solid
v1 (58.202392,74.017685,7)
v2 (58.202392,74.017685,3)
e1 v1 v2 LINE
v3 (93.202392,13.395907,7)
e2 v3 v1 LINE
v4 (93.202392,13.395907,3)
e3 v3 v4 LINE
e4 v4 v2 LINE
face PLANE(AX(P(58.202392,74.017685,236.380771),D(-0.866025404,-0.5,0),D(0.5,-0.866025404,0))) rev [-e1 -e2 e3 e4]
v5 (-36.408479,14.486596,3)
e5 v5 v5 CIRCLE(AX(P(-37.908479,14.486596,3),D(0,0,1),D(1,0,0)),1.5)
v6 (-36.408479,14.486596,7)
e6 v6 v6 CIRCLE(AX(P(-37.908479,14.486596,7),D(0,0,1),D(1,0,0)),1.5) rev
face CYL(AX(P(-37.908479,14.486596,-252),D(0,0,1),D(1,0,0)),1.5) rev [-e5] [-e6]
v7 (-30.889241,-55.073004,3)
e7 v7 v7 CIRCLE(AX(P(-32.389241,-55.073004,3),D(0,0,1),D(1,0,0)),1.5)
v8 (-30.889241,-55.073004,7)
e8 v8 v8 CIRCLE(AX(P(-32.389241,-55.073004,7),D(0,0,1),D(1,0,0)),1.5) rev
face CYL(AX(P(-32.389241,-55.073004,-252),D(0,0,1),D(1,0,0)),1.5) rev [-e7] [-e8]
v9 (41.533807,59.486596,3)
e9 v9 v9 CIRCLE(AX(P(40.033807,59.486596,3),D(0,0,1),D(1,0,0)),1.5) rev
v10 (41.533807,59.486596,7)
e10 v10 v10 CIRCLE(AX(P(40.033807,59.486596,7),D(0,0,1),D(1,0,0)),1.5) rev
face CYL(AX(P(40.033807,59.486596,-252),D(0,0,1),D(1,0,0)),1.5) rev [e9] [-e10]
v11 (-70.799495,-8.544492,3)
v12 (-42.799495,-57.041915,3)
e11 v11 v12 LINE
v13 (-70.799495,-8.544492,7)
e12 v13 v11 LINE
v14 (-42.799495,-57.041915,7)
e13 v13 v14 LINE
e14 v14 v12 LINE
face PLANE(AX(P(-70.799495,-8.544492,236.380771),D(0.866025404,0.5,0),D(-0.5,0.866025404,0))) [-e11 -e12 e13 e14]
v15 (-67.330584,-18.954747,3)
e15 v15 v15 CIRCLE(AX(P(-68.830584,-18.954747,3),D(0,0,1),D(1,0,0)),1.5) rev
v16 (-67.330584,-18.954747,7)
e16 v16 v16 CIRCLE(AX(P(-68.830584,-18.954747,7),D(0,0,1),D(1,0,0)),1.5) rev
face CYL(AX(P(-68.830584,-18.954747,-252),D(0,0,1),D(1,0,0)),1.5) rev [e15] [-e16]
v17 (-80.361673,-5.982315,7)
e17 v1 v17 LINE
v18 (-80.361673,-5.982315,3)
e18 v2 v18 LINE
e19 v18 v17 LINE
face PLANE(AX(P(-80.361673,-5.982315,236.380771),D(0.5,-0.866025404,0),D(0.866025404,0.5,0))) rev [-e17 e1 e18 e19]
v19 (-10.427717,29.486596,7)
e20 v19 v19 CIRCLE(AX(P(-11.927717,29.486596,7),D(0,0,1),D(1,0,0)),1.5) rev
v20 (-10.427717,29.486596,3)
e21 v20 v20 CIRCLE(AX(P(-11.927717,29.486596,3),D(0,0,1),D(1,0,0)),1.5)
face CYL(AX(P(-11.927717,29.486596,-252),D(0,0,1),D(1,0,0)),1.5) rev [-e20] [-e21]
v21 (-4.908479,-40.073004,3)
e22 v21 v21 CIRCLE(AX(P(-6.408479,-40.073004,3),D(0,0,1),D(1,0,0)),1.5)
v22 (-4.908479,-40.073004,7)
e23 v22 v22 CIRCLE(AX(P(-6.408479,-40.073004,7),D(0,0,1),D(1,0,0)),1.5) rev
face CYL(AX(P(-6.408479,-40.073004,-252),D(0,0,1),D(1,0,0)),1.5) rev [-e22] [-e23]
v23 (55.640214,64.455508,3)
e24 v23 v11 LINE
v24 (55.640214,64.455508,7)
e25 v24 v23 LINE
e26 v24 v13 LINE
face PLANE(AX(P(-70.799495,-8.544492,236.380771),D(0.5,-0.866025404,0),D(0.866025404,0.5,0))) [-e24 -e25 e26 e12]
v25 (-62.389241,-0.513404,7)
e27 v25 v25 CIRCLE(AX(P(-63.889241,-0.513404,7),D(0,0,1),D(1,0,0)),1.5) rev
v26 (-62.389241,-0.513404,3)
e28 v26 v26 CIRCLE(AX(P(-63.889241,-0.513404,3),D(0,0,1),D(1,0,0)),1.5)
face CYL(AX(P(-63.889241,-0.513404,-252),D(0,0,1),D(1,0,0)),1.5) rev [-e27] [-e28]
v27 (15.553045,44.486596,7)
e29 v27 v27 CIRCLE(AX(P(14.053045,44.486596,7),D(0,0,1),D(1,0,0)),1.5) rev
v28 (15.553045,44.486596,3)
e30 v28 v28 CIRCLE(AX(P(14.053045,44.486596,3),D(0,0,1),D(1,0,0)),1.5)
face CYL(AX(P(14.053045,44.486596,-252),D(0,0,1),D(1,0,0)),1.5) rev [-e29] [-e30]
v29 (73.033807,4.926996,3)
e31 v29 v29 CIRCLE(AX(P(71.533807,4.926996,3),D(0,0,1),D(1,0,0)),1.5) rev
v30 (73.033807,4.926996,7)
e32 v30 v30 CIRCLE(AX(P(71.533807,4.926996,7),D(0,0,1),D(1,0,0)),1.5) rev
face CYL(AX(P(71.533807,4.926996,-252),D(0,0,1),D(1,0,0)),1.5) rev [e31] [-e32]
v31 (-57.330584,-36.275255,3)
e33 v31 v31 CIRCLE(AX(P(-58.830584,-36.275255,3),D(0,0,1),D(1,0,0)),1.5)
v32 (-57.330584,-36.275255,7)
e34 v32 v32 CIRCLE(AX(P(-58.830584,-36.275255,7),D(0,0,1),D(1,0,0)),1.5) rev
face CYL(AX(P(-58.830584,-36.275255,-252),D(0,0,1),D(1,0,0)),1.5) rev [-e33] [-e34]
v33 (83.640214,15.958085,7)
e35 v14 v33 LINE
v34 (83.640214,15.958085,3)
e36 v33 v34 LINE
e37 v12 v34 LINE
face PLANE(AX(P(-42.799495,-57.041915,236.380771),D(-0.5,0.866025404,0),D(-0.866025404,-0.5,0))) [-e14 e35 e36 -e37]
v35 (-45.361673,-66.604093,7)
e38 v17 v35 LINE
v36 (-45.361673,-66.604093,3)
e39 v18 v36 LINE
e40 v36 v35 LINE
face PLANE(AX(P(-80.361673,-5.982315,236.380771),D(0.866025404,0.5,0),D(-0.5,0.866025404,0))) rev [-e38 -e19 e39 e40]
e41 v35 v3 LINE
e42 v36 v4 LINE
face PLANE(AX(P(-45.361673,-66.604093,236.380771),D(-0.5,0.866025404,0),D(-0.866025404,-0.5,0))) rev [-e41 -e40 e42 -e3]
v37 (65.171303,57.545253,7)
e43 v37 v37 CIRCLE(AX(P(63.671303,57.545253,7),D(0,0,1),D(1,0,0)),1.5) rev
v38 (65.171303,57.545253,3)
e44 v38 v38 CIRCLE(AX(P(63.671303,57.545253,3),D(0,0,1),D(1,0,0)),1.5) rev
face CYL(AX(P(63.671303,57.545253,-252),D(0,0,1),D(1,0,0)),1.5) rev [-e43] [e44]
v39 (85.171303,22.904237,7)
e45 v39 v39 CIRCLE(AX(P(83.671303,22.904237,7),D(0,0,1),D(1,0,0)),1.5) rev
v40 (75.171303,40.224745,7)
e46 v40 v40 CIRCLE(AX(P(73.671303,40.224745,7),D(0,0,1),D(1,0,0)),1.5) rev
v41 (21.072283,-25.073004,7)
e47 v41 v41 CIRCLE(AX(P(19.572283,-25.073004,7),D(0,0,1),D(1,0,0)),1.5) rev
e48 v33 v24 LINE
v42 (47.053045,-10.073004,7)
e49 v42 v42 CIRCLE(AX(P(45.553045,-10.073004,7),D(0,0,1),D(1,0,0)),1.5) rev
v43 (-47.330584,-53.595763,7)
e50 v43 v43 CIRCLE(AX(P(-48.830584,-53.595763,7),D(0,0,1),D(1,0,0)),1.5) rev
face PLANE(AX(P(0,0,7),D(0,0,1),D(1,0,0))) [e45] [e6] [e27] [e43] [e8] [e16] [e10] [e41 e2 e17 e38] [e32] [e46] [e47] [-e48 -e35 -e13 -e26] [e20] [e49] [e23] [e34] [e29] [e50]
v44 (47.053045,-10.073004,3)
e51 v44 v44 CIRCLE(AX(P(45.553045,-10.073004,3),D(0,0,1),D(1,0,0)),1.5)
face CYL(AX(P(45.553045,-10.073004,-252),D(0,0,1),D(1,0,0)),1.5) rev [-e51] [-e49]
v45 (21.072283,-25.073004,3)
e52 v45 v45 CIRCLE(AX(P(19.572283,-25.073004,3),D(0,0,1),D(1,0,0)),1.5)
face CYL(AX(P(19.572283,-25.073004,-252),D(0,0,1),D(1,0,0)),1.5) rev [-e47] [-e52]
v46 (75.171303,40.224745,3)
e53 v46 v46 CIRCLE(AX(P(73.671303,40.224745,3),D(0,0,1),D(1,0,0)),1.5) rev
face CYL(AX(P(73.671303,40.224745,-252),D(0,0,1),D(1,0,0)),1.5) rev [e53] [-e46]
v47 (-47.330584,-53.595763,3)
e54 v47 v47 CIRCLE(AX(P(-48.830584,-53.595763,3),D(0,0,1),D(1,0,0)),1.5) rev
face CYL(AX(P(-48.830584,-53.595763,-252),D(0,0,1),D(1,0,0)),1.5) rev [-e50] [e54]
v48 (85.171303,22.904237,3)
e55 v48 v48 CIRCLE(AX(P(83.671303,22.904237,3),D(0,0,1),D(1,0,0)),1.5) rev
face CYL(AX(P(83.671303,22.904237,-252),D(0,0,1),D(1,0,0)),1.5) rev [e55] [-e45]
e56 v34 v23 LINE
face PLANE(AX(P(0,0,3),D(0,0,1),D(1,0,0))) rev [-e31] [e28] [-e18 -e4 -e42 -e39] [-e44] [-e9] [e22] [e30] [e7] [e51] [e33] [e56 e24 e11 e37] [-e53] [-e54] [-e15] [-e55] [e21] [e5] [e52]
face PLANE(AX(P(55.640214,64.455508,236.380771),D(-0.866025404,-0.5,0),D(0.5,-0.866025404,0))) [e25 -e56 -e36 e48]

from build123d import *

# Parameters (mm, degrees)
SKETCH_1_R           = 1.5
SKETCH_1_R_2         = 69.25
EXTRUDE_1_DEPTH      = 3
SKETCH_2_R           = 1.5
CUT_EXTRUDE_1_DEPTH  = 10
EXTRUDE_4_DEPTH      = 30
SKETCH_21_R          = 1.5
CUT_EXTRUDE_16_DEPTH = 264.511765735
SKETCH_22_R          = 1.5
CUT_EXTRUDE_17_DEPTH = 15
EXTRUDE_5_DEPTH      = 13
SKETCH_25_R          = 1.5
CUT_EXTRUDE_18_DEPTH = 8
SKETCH_26_R          = 1.5
CUT_EXTRUDE_19_DEPTH = 265
EXTRUDE_6_DEPTH      = 10
CUT_EXTRUDE_20_DEPTH = 265
EXTRUDE_8_DEPTH      = 10
SKETCH_31_R          = 1.5
CUT_EXTRUDE_22_DEPTH = 265
SKETCH_32_W          = 406.044805538
SKETCH_32_H          = 345.897022528
CUT_EXTRUDE_23_DEPTH = 265
CUT_EXTRUDE_24_DEPTH = 79
SKETCH_34_W          = 228.886402988
SKETCH_34_H          = 166.453973012
CUT_EXTRUDE_25_DEPTH = 6


with BuildPart() as part:
    # Sketch 1 → Extrude 1 (new body)
    with BuildSketch(Plane.XY):
        with BuildLine():
            Line((-22.769302312, -105.521905889), (96.897661611, -36.432152055))
            Line((96.897661611, -36.432152055), (159.096032483, -0.521905889))
            ThreePointArc((159.096032483, -0.521905889), (163.755290746, 5.550157697), (162.756286521, 13.138348148))
            Line((162.756286521, 13.138348148), (92.756286521, 134.381904678))
            ThreePointArc((92.756286521, 134.381904678), (86.684222934, 139.041162941), (79.096032483, 138.042158716))
            Line((79.096032483, 138.042158716), (16.897661611, 102.13191255))
            Line((16.897661611, 102.13191255), (-102.769302312, 33.042158716))
            ThreePointArc((-102.769302312, 33.042158716), (-133.627927222, -77.150119753), (-22.769302312, -105.521905889))
        make_face()
        with Locations((0, 74.563800918)):
            Circle(SKETCH_1_R, mode=Mode.SUBTRACT)
        with Locations((64.574145798, -37.281900459)):
            Circle(SKETCH_1_R, mode=Mode.SUBTRACT)
        with Locations((-64.574145798, -37.281900459)):
            Circle(SKETCH_1_R, mode=Mode.SUBTRACT)
        Circle(SKETCH_1_R_2, mode=Mode.SUBTRACT)
    extrude(amount=EXTRUDE_1_DEPTH)

    # Sketch 2 → Cut-Extrude 1 (cut)
    with BuildSketch(Plane(origin=(0, 0, 0), x_dir=(-1, 0, 0), z_dir=(0, 0, -1))):
        with Locations((-109.955016331, 4.59283082)):
            Circle(SKETCH_2_R)
        with Locations((-130.739626022, 16.59283082)):
            Circle(SKETCH_2_R)
        with Locations((-58.955016331, 92.927422006)):
            Circle(SKETCH_2_R)
        with Locations((-79.739626022, 104.927422006)):
            Circle(SKETCH_2_R)
    extrude(amount=-CUT_EXTRUDE_1_DEPTH, mode=Mode.SUBTRACT)

    # Sketch 20 → Extrude 4 (add)
    with BuildSketch(Plane(origin=(0, 0, 0), x_dir=(-1, 0, 0), z_dir=(0, 0, -1))):
        with BuildLine():
            Line((-92.756286521, 134.381904678), (-162.756286521, 13.138348148))
            ThreePointArc((-162.756286521, 13.138348148), (-163.755290746, 5.550157697), (-159.096032483, -0.521905889))
            Line((-159.096032483, -0.521905889), (22.769302312, -105.521905889))
            ThreePointArc((22.769302312, -105.521905889), (133.627927222, -77.150119753), (102.769302312, 33.042158716))
            Line((102.769302312, 33.042158716), (-79.096032483, 138.042158716))
            ThreePointArc((-79.096032483, 138.042158716), (-86.684222934, 139.041162941), (-92.756286521, 134.381904678))
        make_face()
        with BuildLine():
            Line((-89.292184905, 132.381904678), (-159.292184905, 11.138348148))
            ThreePointArc((-159.292184905, 11.138348148), (-159.89158744, 6.585433878), (-157.096032483, 2.942195726))
            Line((-157.096032483, 2.942195726), (24.808773358, -102.080592893))
            ThreePointArc((24.808773358, -102.080592893), (130.163825607, -75.150119753), (100.808773358, 29.555268482))
            Line((100.808773358, 29.555268482), (-81.096032483, 134.578057101))
            ThreePointArc((-81.096032483, 134.578057101), (-85.648946753, 135.177459636), (-89.292184905, 132.381904678))
        make_face(mode=Mode.SUBTRACT)
    extrude(amount=EXTRUDE_4_DEPTH)

    # Sketch 21 → Cut-Extrude 16 (cut, through all)
    with BuildSketch(Plane(origin=(-40, 69.282032303, 0), x_dir=(0.866025404, 0.5, 0), z_dir=(-0.5, 0.866025404, 0))):
        with Locations((-62.479747173, 25)):
            Circle(SKETCH_21_R)
        with Locations((-32.479747173, 25)):
            Circle(SKETCH_21_R)
        with Locations((-2.479747173, 25)):
            Circle(SKETCH_21_R)
        with Locations((27.520252827, 25)):
            Circle(SKETCH_21_R)
        with Locations((57.520252827, 25)):
            Circle(SKETCH_21_R)
        with Locations((87.520252827, 25)):
            Circle(SKETCH_21_R)
        with Locations((117.520252827, 25)):
            Circle(SKETCH_21_R)
    extrude(amount=-CUT_EXTRUDE_16_DEPTH, mode=Mode.SUBTRACT)

    # Sketch 22 → Cut-Extrude 17 (cut)
    with BuildSketch(Plane(origin=(127.756286521, 73.760126413, 0), x_dir=(0, 0, -1), z_dir=(0.866025404, 0.5, 0))):
        with Locations((25, 60)):
            Circle(SKETCH_22_R)
        with Locations((25, 30)):
            Circle(SKETCH_22_R)
        with Locations((25, 0)):
            Circle(SKETCH_22_R)
        with Locations((25, -30)):
            Circle(SKETCH_22_R)
        with Locations((25, -60)):
            Circle(SKETCH_22_R)
    extrude(amount=-CUT_EXTRUDE_17_DEPTH, mode=Mode.SUBTRACT)

    # Sketch 23 → Extrude 5 (add)
    with BuildSketch(Plane(origin=(0, 0, 0), x_dir=(-1, 0, 0), z_dir=(0, 0, -1))):
        with BuildLine():
            Line((100.710773859, 29.380908411), (-81.196032483, 134.40485202))
            ThreePointArc((-81.196032483, 134.40485202), (-85.597182944, 134.984274471), (-89.118979825, 132.281904678))
            Line((-89.118979825, 132.281904678), (-159.118979825, 11.038348148))
            ThreePointArc((-159.118979825, 11.038348148), (-159.698402275, 6.637197687), (-156.996032483, 3.115400806))
            Line((-156.996032483, 3.115400806), (24.910773859, -101.908542802))
            ThreePointArc((24.910773859, -101.908542802), (129.990620526, -75.050119753), (100.710773859, 29.380908411))
        make_face()
        with BuildLine():
            Line((98.261672903, 25.021394816), (-83.696032483, 130.074725001))
            ThreePointArc((-83.696032483, 130.074725001), (-84.303087719, 130.154645339), (-84.788852806, 129.781904678))
            Line((-84.788852806, 129.781904678), (-154.788852806, 8.538348148))
            ThreePointArc((-154.788852806, 8.538348148), (-154.868773144, 7.931292912), (-154.496032483, 7.445527825))
            Line((-154.496032483, 7.445527825), (27.461672903, -97.60780236))
            ThreePointArc((27.461672903, -97.60780236), (125.660493508, -72.550119753), (98.261672903, 25.021394816))
        make_face(mode=Mode.SUBTRACT)
    extrude(amount=-EXTRUDE_5_DEPTH)

    # Sketch 25 → Cut-Extrude 18 (cut)
    with BuildSketch(Plane(origin=(124.118979825, 71.660126413, 0), x_dir=(0, 0, -1), z_dir=(0.866025404, 0.5, 0))):
        with Locations((-8, 60)):
            Circle(SKETCH_25_R)
        with Locations((-8, 30)):
            Circle(SKETCH_25_R)
        with Locations((-8, 0)):
            Circle(SKETCH_25_R)
        with Locations((-8, -30)):
            Circle(SKETCH_25_R)
        with Locations((-8, -60)):
            Circle(SKETCH_25_R)
    extrude(amount=-CUT_EXTRUDE_18_DEPTH, mode=Mode.SUBTRACT)

    # Sketch 26 → Cut-Extrude 19 (cut)
    with BuildSketch(Plane(origin=(-37.9, 65.644725607, 0), x_dir=(0.866025404, 0.5, 0), z_dir=(-0.5, 0.866025404, 0))):
        with Locations((-62.479747173, -8)):
            Circle(SKETCH_26_R)
        with Locations((-32.479747173, -8)):
            Circle(SKETCH_26_R)
        with Locations((-2.479747173, -8)):
            Circle(SKETCH_26_R)
        with Locations((27.520252827, -8)):
            Circle(SKETCH_26_R)
        with Locations((57.520252827, -8)):
            Circle(SKETCH_26_R)
        with Locations((87.520252827, -8)):
            Circle(SKETCH_26_R)
        with Locations((117.520252827, -8)):
            Circle(SKETCH_26_R)
    extrude(amount=-CUT_EXTRUDE_19_DEPTH, mode=Mode.SUBTRACT)

    # Sketch 27 → Extrude 6 (add)
    with BuildSketch(Plane.XY.offset(3)):
        Polygon((-45.361672903, -66.604092905), (93.202391703, 13.395907095), (58.202391703, 74.01768536), (-80.361672903, -5.98231464), align=None)
        Polygon((55.640213876, 64.455507534), (83.640213876, 15.958084922), (-42.799495076, -57.041915078), (-70.799495076, -8.544492466), align=None, mode=Mode.SUBTRACT)
    extrude(amount=EXTRUDE_6_DEPTH)

    # Sketch 28 → Cut-Extrude 20 (cut)
    with BuildSketch(Plane.XY.offset(13)):
        Polygon((-15.72564869, -92.217646268), (-14.42564869, -94.469312318), (-19.275390952, -97.269312318), (-20.575390952, -95.017646268), align=None)
        Polygon((6.705371162, -82.269312318), (11.555113423, -79.469312318), (10.255113423, -77.217646268), (5.405371162, -80.017646268), align=None)
        Polygon((32.686133275, -67.269312318), (37.535875537, -64.469312318), (36.235875537, -62.217646268), (31.386133275, -65.017646268), align=None)
        Polygon((58.666895389, -52.269312318), (63.51663765, -49.469312318), (62.21663765, -47.217646268), (57.366895389, -50.017646268), align=None)
        Polygon((84.647657503, -37.269312318), (89.497399764, -34.469312318), (88.197399764, -32.217646268), (83.347657503, -35.017646268), align=None)
        Polygon((110.628419616, -22.269312318), (115.478161877, -19.469312318), (114.178161877, -17.217646268), (109.328419616, -20.017646268), align=None)
        Polygon((136.60918173, -7.269312318), (141.458923991, -4.469312318), (140.158923991, -2.217646268), (135.30918173, -5.017646268), align=None)
        Polygon((63.30918173, 119.690011877), (62.00918173, 121.941677927), (66.858923991, 124.741677927), (68.158923991, 122.490011877), align=None)
        Polygon((37.328419616, 104.690011877), (36.028419616, 106.941677927), (40.878161877, 109.741677927), (42.178161877, 107.490011877), align=None)
        Polygon((11.347657503, 89.690011877), (10.047657503, 91.941677927), (14.897399764, 94.741677927), (16.197399764, 92.490011877), align=None)
        Polygon((-14.633104611, 74.690011877), (-15.933104611, 76.941677927), (-11.08336235, 79.741677927), (-9.78336235, 77.490011877), align=None)
        Polygon((-40.613866724, 59.690011877), (-41.913866724, 61.941677927), (-37.064124463, 64.741677927), (-35.764124463, 62.490011877), align=None)
        Polygon((-93.875390952, 31.941677927), (-89.02564869, 34.741677927), (-87.72564869, 32.490011877), (-92.575390952, 29.690011877), align=None)
        Polygon((-66.594628838, 44.690011877), (-67.894628838, 46.941677927), (-63.044886577, 49.741677927), (-61.744886577, 47.490011877), align=None)
        Polygon((149.42808329, 20.223473317), (152.22808329, 15.373731056), (154.47974934, 16.673731056), (151.67974934, 21.523473317), align=None)
        Polygon((139.47974934, 42.654493169), (136.67974934, 47.50423543), (134.42808329, 46.20423543), (137.22808329, 41.354493169), align=None)
        Polygon((124.47974934, 68.635255283), (121.67974934, 73.484997544), (119.42808329, 72.184997544), (122.22808329, 67.335255283), align=None)
        Polygon((109.47974934, 94.616017396), (106.67974934, 99.465759657), (104.42808329, 98.165759657), (107.22808329, 93.316017396), align=None)
        Polygon((94.47974934, 120.59677951), (91.67974934, 125.446521771), (89.42808329, 124.146521771), (92.22808329, 119.29677951), align=None)
    extrude(amount=-CUT_EXTRUDE_20_DEPTH, mode=Mode.SUBTRACT)

    # Sketch 30 → Extrude 8 (add)
    with BuildSketch(Plane.XY.offset(13)):
        Polygon((112.068054668, 85.310371985), (107.922916101, 89.712531664), (68.135584713, 52.248192829), (71.241913135, 46.867874176), align=None)
        Polygon((98.950505999, 108.394899743), (96.406644359, 113.779322647), (59.34542331, 66.089123081), (62.213357562, 61.121715243), align=None)
        Polygon((24.331505485, 98.768362958), (19.708497886, 96.891947732), (53.142901297, 66.089123081), (55.972189919, 69.160126413), align=None)
        Polygon((2.949445409, 86.456661235), (0, 84.758307493), (1.655787903, 38.106211971), (7.724521177, 40.569427371), align=None)
        Polygon((-1.747976688, 36.718440517), (-50.523677842, 57.700122779), (-54.943097479, 51.790017141), (-9.512673828, 32.247361853), align=None)
        Polygon((-45.889743184, 10.259239907), (-76.964412717, 39.337819671), (-81.650646335, 36.718440517), (-50.523677842, 7.590921232), align=None)
        Polygon((-73.350083184, -11.065799194), (-73.350083184, -5.618546996), (-120.801864013, 8.92508057), (-124.763106008, 4.691920389), align=None)
        Polygon((-66.087162089, -25.245346168), (-69.124877332, -21.644521246), (-136.839384074, -34.709590506), (-136.839384074, -42.002122059), align=None)
        Polygon((-53.307143918, -49.04163918), (-54.906692153, -44.610488149), (-104.794596754, -97.505321817), (-98.479079171, -101.151587593), align=None)
        Polygon((-41.540846023, -60.713761909), (-46.258304807, -57.99013581), (-58.318230755, -110.393979453), (-52.671585502, -109.080023344), align=None)
        Polygon((-18.687908296, -47.55024912), (-9.026220892, -89.07075422), (-4.414655194, -86.322046436), (-14.060109209, -44.871303324), align=None)
        Polygon((23.170697656, -24.36189812), (17.379921767, -73.477126749), (24.707933207, -72.604849894), (30.925113931, -19.873012476), align=None)
        Polygon((73.402847471, -42.379153747), (76.34838766, -40.674035966), (38.996415308, -13.595082114), (33.82884156, -17.619151598), align=None)
        Polygon((93.765137101, -31.377914027), (97.701664154, -28.312479616), (87.880521362, 13.893275169), (83.80631015, 12.978541014), align=None)
        Polygon((146.739106017, 26.600941785), (143.347989818, 31.496202041), (84.039636905, 23.317490482), (86.907571157, 18.350082644), align=None)
        Polygon((131.65478951, 48.607721162), (129.91497668, 54.398596303), (76.209726226, 38.263369501), (79.316054648, 32.883050848), align=None)
    extrude(amount=-EXTRUDE_8_DEPTH)

    # Sketch 31 → Cut-Extrude 22 (cut)
    with BuildSketch(Plane.XY.offset(13)):
        with Locations((-63.889241039, -0.513403553)):
            Circle(SKETCH_31_R)
        with Locations((-37.908478925, 14.486596447)):
            Circle(SKETCH_31_R)
        with Locations((-11.927716811, 29.486596447)):
            Circle(SKETCH_31_R)
        with Locations((14.053045302, 44.486596447)):
            Circle(SKETCH_31_R)
        with Locations((40.033807416, 59.486596447)):
            Circle(SKETCH_31_R)
        with Locations((-68.83058399, -18.954746504)):
            Circle(SKETCH_31_R)
        with Locations((-58.83058399, -36.27525458)):
            Circle(SKETCH_31_R)
        with Locations((-48.83058399, -53.595762655)):
            Circle(SKETCH_31_R)
        with Locations((83.671302789, 22.904237345)):
            Circle(SKETCH_31_R)
        with Locations((73.671302789, 40.22474542)):
            Circle(SKETCH_31_R)
        with Locations((63.671302789, 57.545253496)):
            Circle(SKETCH_31_R)
        with Locations((71.533807416, 4.926996009)):
            Circle(SKETCH_31_R)
        with Locations((45.553045302, -10.073003991)):
            Circle(SKETCH_31_R)
        with Locations((19.572283189, -25.073003991)):
            Circle(SKETCH_31_R)
        with Locations((-6.408478925, -40.073003991)):
            Circle(SKETCH_31_R)
        with Locations((-32.389241038, -55.073003991)):
            Circle(SKETCH_31_R)
    extrude(amount=-CUT_EXTRUDE_22_DEPTH, mode=Mode.SUBTRACT)

    # Sketch 32 → Cut-Extrude 23 (cut)
    with BuildSketch(Plane.XY.offset(3)):
        Rectangle(SKETCH_32_W, SKETCH_32_H)
    extrude(amount=-CUT_EXTRUDE_23_DEPTH, mode=Mode.SUBTRACT)

    # Sketch 33 → Cut-Extrude 24 (cut)
    with BuildSketch(Plane.XY.offset(13)):
        Polygon((639.612553216, -133.014254418), (169.771470014, -404.277130281), (-191.771834417, -613.014254418), (-397.136779793, -257.311734934), (-421.406889041, -215.274672611), (-626.771834417, 140.427846874), (-265.228529986, 349.164971011), (204.612553216, 620.427846874), align=None)
        Polygon((-65.228529986, 2.754809497), (-80.361672903, -5.98231464), (-74.996727527, -15.274672611), (-50.726618279, -57.311734934), (-45.361672903, -66.604092905), (-30.228529986, -57.866968768), (93.202391703, 13.395907095), (58.202391703, 74.01768536), align=None, mode=Mode.SUBTRACT)
    extrude(amount=-CUT_EXTRUDE_24_DEPTH, mode=Mode.SUBTRACT)

    # Sketch 34 → Cut-Extrude 25 (cut)
    with BuildSketch(Plane.XY.offset(13)):
        Rectangle(SKETCH_34_W, SKETCH_34_H)
    extrude(amount=-CUT_EXTRUDE_25_DEPTH, mode=Mode.SUBTRACT)


solid = part.part
